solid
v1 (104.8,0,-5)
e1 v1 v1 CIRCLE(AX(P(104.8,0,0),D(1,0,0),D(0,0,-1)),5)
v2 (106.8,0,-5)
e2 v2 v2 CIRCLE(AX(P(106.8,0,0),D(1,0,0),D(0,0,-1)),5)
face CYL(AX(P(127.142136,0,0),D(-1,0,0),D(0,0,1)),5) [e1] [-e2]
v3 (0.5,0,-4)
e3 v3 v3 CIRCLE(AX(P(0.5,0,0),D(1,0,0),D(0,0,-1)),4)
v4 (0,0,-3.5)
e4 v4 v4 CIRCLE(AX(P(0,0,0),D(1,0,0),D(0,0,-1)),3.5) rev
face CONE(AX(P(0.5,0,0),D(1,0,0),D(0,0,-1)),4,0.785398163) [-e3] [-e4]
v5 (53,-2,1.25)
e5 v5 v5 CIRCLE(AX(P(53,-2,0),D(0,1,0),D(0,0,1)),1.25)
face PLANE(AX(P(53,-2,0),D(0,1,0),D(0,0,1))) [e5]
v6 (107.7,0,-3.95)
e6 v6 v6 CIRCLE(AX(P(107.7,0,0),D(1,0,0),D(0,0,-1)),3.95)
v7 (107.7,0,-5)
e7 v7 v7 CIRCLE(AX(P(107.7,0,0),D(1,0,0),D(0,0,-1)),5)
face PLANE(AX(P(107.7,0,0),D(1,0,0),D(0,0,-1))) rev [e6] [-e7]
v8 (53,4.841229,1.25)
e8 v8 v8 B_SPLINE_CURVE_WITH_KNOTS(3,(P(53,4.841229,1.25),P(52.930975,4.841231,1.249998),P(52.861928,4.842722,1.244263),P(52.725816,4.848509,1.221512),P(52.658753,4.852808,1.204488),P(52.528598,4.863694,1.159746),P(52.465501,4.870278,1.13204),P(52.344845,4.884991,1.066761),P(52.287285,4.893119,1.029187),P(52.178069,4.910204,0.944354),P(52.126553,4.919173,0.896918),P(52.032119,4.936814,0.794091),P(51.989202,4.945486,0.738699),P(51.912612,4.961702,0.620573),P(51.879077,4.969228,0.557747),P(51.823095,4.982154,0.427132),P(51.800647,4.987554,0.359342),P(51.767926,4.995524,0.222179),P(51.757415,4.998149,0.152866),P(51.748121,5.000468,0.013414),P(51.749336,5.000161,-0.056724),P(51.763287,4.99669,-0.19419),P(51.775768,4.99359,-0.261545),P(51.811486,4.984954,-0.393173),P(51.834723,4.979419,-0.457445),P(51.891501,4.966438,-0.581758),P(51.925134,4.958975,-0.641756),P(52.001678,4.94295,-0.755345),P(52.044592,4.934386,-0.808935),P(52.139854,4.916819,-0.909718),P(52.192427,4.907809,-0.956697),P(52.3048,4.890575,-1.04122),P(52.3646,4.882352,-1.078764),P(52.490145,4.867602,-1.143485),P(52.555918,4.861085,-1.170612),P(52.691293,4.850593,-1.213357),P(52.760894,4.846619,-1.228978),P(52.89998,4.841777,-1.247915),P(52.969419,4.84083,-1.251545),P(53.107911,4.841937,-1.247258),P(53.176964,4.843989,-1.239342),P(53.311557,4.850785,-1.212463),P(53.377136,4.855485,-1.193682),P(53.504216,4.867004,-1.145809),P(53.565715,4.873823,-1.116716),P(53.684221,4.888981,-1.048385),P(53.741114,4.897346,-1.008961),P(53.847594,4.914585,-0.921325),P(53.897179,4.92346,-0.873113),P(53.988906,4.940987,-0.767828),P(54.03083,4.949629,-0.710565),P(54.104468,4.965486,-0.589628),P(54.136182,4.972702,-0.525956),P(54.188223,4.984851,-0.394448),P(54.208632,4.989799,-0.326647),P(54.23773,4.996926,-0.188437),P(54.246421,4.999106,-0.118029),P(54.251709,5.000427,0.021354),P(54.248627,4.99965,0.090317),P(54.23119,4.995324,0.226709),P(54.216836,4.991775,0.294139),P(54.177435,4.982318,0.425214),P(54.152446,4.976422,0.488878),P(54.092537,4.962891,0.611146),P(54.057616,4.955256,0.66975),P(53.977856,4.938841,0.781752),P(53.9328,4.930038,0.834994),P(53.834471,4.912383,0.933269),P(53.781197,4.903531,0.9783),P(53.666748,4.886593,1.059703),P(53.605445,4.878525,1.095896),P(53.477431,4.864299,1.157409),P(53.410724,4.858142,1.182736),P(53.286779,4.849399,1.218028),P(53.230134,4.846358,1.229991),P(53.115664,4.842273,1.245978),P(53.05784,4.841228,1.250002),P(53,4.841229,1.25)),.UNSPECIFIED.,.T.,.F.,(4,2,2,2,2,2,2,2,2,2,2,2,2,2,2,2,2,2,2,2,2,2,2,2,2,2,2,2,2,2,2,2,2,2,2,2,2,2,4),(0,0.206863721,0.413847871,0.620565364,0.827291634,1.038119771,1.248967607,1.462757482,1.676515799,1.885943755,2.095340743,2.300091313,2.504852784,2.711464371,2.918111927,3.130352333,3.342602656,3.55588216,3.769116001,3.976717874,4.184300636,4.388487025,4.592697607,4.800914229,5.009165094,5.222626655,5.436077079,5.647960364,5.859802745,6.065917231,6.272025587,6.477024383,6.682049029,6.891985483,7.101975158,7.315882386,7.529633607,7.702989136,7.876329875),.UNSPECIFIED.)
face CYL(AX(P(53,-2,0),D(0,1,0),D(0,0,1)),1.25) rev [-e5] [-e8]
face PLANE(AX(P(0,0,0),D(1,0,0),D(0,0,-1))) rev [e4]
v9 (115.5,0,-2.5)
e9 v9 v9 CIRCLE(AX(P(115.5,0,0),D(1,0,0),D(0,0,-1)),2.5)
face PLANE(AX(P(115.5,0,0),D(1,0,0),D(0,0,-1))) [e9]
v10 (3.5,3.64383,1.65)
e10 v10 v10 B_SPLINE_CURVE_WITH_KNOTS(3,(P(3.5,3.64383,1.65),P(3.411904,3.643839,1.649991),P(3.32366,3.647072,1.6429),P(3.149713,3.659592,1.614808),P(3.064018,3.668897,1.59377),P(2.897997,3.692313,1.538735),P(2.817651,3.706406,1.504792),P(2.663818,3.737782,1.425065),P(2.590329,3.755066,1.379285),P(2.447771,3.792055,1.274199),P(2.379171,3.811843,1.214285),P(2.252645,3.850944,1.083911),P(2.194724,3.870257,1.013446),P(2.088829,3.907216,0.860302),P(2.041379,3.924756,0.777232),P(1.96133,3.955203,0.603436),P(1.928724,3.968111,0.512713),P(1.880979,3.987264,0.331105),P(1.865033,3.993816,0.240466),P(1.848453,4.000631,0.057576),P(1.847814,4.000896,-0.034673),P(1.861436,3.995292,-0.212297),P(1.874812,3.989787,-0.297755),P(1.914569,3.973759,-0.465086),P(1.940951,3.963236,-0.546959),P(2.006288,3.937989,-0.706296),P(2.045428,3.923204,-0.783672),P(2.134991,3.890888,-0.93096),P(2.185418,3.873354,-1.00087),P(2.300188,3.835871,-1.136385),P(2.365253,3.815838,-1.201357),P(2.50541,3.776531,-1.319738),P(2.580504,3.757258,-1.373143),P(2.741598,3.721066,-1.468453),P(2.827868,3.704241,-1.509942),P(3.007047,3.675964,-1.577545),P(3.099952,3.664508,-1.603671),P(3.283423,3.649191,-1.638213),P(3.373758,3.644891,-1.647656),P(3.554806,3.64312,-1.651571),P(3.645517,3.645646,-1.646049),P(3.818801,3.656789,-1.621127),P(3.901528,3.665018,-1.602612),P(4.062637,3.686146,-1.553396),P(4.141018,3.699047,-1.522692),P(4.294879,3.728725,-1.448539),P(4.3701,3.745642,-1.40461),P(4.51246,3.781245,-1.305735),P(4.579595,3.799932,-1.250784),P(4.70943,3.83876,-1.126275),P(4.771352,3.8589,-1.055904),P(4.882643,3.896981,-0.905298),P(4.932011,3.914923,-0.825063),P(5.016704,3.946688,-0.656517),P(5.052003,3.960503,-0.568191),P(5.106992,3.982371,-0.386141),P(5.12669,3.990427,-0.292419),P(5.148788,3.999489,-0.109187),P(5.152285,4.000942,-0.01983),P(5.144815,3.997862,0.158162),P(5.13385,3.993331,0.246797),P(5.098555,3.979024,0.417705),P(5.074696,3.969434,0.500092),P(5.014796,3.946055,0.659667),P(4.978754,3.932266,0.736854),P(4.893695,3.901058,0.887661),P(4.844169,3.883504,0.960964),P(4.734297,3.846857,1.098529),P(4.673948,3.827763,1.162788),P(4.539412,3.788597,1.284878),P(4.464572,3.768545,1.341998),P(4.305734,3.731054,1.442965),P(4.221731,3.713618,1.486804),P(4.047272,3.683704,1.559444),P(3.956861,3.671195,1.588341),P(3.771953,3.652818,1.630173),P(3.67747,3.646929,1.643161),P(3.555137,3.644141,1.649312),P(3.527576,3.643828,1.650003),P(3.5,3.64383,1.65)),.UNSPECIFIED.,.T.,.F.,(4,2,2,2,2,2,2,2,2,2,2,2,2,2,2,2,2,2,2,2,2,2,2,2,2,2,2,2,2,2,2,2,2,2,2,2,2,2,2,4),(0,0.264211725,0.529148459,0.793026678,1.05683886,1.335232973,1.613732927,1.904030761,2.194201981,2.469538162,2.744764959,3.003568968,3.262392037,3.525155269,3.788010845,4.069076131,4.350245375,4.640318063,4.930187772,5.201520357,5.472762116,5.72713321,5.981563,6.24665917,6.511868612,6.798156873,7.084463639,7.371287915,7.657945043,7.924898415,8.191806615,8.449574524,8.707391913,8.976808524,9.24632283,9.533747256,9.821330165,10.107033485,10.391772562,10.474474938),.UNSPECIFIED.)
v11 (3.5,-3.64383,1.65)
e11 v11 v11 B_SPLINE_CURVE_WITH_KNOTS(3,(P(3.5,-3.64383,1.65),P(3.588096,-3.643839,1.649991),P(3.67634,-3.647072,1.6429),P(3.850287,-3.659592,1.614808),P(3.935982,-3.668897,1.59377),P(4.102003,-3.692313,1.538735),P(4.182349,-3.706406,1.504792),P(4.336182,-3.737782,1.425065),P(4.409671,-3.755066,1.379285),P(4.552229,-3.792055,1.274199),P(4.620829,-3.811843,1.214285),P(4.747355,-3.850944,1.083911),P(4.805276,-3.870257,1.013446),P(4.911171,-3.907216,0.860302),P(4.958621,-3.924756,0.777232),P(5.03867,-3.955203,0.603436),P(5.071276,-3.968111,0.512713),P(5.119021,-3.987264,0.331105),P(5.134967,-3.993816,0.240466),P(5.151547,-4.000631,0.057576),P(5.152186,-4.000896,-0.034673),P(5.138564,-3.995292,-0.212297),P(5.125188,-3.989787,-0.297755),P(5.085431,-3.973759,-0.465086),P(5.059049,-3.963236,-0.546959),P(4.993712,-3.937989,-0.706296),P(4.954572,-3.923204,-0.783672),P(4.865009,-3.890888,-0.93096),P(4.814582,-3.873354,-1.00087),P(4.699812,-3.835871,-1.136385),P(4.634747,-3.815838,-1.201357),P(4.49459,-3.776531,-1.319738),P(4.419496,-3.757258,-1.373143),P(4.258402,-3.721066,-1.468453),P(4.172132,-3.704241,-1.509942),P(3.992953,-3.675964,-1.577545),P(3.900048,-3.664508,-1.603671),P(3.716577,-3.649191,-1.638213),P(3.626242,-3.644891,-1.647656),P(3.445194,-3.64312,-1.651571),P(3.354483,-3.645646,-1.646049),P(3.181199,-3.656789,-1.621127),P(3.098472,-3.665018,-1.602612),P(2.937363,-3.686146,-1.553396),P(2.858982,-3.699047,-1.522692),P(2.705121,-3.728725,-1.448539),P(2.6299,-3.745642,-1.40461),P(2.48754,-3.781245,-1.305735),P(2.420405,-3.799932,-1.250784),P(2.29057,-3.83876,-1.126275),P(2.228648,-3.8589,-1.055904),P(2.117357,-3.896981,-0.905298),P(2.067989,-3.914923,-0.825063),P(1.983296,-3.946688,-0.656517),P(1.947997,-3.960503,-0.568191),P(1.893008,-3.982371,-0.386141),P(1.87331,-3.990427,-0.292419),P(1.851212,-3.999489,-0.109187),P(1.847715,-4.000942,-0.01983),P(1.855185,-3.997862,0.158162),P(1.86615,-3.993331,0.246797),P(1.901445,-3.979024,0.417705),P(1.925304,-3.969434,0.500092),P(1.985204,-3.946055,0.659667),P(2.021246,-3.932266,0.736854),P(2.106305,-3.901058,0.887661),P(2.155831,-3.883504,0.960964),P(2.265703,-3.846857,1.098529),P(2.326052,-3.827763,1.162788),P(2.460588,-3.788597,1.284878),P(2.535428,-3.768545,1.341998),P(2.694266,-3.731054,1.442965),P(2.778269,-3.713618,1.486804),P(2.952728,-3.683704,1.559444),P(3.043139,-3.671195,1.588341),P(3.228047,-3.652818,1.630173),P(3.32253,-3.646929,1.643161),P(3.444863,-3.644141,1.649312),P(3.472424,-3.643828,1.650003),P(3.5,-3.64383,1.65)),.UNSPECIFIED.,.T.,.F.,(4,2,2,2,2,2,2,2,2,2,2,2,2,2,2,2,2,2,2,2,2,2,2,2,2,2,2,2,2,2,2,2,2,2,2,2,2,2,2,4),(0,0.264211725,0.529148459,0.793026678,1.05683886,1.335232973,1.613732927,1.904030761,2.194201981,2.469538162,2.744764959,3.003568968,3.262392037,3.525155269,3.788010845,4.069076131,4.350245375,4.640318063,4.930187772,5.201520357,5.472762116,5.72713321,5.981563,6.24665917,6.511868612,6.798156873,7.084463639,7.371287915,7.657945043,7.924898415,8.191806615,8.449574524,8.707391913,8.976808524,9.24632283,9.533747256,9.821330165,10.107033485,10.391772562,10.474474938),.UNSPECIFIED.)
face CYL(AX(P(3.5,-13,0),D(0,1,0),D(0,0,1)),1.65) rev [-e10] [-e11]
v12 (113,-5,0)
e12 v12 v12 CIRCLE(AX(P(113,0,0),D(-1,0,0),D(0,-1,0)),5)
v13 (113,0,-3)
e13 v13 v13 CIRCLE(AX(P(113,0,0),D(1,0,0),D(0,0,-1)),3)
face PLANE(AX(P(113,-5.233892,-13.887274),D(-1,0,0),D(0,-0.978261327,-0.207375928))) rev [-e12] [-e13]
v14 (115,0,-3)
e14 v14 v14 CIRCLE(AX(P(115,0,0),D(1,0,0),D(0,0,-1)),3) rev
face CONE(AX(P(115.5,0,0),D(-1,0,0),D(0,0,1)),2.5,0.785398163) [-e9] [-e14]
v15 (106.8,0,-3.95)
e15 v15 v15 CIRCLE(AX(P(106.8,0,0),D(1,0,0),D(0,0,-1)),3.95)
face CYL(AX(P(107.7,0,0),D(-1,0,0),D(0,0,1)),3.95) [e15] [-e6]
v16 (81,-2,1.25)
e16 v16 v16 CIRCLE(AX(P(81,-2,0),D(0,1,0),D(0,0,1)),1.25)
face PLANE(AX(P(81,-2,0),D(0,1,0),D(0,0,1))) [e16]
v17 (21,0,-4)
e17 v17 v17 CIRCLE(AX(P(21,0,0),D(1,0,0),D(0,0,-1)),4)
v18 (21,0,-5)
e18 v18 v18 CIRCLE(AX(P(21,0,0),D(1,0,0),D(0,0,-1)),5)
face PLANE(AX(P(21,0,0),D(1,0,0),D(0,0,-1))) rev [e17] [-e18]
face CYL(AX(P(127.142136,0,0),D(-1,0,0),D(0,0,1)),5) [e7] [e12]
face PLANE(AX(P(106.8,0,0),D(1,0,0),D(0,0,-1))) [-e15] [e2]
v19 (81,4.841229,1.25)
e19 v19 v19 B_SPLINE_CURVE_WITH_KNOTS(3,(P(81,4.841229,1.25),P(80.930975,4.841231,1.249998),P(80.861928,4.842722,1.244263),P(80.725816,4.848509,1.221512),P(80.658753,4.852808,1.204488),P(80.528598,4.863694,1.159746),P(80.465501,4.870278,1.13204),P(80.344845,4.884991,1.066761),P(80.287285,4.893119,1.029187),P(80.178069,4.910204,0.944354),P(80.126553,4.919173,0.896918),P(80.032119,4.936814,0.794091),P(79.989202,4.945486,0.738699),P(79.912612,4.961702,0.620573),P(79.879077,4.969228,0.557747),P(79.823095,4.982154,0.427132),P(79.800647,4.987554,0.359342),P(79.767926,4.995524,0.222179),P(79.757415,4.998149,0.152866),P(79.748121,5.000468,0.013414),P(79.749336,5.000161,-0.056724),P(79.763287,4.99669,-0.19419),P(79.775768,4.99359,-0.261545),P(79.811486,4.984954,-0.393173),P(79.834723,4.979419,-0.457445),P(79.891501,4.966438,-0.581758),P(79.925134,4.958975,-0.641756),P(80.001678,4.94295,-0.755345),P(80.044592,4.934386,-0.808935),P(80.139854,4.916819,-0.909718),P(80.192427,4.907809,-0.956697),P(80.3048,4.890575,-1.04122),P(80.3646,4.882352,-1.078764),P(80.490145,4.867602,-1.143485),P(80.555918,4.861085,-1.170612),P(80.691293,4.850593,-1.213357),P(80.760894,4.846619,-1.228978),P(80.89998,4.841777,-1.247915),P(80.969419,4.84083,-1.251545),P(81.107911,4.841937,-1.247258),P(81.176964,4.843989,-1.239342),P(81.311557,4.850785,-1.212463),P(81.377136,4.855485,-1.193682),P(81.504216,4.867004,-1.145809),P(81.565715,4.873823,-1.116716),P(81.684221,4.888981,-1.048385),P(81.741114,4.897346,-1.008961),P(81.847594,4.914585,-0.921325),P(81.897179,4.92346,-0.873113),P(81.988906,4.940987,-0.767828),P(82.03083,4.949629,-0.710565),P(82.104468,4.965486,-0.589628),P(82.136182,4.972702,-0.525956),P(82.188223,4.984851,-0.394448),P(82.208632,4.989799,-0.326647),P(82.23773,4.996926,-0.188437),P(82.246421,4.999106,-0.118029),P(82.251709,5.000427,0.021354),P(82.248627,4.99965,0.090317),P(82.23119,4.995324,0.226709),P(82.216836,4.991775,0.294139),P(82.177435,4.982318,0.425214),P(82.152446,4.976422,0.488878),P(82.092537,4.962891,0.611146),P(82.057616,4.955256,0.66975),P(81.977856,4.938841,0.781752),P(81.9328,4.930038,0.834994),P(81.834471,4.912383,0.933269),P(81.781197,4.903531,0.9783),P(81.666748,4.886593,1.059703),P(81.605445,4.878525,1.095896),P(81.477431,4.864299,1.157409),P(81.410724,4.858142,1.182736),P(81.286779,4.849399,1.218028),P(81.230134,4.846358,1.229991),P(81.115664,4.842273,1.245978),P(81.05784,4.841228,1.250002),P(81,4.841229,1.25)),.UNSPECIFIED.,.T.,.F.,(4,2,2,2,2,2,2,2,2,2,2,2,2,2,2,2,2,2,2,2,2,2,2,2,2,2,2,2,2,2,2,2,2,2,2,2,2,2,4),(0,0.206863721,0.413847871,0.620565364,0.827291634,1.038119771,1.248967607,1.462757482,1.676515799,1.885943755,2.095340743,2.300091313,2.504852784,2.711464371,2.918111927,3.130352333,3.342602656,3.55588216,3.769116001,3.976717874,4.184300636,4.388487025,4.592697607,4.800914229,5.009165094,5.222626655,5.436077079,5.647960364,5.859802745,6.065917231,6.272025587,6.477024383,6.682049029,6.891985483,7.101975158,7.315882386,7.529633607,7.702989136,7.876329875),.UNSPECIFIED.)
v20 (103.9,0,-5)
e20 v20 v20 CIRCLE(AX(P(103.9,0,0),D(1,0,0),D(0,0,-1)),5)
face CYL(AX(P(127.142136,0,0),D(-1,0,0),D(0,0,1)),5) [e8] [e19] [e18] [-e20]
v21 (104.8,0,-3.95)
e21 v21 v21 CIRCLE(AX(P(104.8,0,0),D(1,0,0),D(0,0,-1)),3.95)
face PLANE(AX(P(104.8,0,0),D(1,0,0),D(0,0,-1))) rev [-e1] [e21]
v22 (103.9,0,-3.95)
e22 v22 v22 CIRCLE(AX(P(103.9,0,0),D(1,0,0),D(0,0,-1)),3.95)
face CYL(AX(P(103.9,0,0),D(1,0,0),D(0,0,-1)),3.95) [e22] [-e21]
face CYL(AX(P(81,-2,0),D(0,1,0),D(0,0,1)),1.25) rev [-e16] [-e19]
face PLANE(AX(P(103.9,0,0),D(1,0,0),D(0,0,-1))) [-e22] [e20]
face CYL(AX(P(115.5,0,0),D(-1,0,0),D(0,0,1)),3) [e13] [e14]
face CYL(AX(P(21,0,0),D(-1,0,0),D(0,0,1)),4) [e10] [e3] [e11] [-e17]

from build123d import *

# Parameters (mm, degrees)
SKETCH_1_R          = 4
EXTRUDE_1_DEPTH     = 21
SKETCH_2_R          = 5
EXTRUDE_2_DEPTH     = 92
SKETCH_3_R          = 1.65
CUT_EXTRUDE_1_DEPTH = 20
CUT_EXTRUDE_START   = -5.3
SKETCH_7_R          = 5
SKETCH_7_R_2        = 3.95
CUT_EXTRUDE_4_DEPTH = 0.9
SKETCH_8_R          = 3
EXTRUDE_3_DEPTH     = 2.5
CHAMFER_1_SIZE      = 0.5
SKETCH_9_R          = 1.25
CUT_EXTRUDE_5_DEPTH = 7
CUT_EXTRUDE_START_2 = -3.3
SKETCH_7_2_R        = 5
SKETCH_7_2_R_2      = 3.95
CUT_EXTRUDE_6_DEPTH = 0.9


with BuildPart() as part:
    # 草图1 → 凸台-拉伸1 (new body)
    with BuildSketch(Plane(origin=(0, 0, 0), x_dir=(0, 0, -1), z_dir=(1, 0, 0))):
        with Locations(Location((0, 0, 0), (0, 0, 180))):
            Circle(SKETCH_1_R)
    extrude(amount=EXTRUDE_1_DEPTH)

    # 草图2 → 凸台-拉伸2 (add)
    with BuildSketch(Plane(origin=(21, 0, 0), x_dir=(0, 0, -1), z_dir=(1, 0, 0))):
        with Locations(Location((0, 0, 0), (0, 0, 270))):
            Circle(SKETCH_2_R)
    extrude(amount=EXTRUDE_2_DEPTH)

    # 草图3 → 切除-拉伸1 (cut)
    with BuildSketch(Plane(origin=(0, 7, 0), x_dir=(1, 0, 0), z_dir=(0, 1, 0))):
        with Locations(Location((3.5, 0, 0), (0, 0, 270))):
            Circle(SKETCH_3_R)
    extrude(amount=-CUT_EXTRUDE_1_DEPTH, mode=Mode.SUBTRACT)

    # 草图7 → 切除-拉伸4 (cut)
    with BuildSketch(Plane.ZY.offset(-101.5).offset(CUT_EXTRUDE_START)):
        with Locations(Location((0, 0, 0), (0, 0, 180))):
            Circle(SKETCH_7_R)
        with Locations(Location((0, 0, 0), (0, 0, 180))):
            Circle(SKETCH_7_R_2, mode=Mode.SUBTRACT)
    extrude(amount=-CUT_EXTRUDE_4_DEPTH, mode=Mode.SUBTRACT)

    # 草图8 → 凸台-拉伸3 (add)
    with BuildSketch(Plane(origin=(113, 0, 0), x_dir=(0, 0, -1), z_dir=(1, 0, 0))):
        Circle(SKETCH_8_R)
    extrude(amount=EXTRUDE_3_DEPTH)

    # 倒角1
    chamfer_1_edges = [part.edges().sort_by_distance(p)[0] for p in [
        (0, 0, -4),
        (115.5, 0, 3),
    ]]
    chamfer(chamfer_1_edges, length=CHAMFER_1_SIZE)

    # 草图9 → 切除-拉伸5 (cut)
    with BuildSketch(Plane(origin=(0, 5, 0), x_dir=(1, 0, 0), z_dir=(0, 1, 0))):
        with Locations(Location((81, 0, 0), (0, 0, 270))):
            Circle(SKETCH_9_R)
        with Locations(Location((53, 0, 0), (0, 0, 270))):
            Circle(SKETCH_9_R)
    extrude(amount=-CUT_EXTRUDE_5_DEPTH, mode=Mode.SUBTRACT)

    # 草图7<2> → 切除-拉伸6 (cut)
    with BuildSketch(Plane.ZY.offset(-101.5).offset(CUT_EXTRUDE_START_2)):
        with Locations(Location((0, 0, 0), (0, 0, 180))):
            Circle(SKETCH_7_2_R)
        with Locations(Location((0, 0, 0), (0, 0, 180))):
            Circle(SKETCH_7_2_R_2, mode=Mode.SUBTRACT)
    extrude(amount=CUT_EXTRUDE_6_DEPTH, mode=Mode.SUBTRACT)


solid = part.part
